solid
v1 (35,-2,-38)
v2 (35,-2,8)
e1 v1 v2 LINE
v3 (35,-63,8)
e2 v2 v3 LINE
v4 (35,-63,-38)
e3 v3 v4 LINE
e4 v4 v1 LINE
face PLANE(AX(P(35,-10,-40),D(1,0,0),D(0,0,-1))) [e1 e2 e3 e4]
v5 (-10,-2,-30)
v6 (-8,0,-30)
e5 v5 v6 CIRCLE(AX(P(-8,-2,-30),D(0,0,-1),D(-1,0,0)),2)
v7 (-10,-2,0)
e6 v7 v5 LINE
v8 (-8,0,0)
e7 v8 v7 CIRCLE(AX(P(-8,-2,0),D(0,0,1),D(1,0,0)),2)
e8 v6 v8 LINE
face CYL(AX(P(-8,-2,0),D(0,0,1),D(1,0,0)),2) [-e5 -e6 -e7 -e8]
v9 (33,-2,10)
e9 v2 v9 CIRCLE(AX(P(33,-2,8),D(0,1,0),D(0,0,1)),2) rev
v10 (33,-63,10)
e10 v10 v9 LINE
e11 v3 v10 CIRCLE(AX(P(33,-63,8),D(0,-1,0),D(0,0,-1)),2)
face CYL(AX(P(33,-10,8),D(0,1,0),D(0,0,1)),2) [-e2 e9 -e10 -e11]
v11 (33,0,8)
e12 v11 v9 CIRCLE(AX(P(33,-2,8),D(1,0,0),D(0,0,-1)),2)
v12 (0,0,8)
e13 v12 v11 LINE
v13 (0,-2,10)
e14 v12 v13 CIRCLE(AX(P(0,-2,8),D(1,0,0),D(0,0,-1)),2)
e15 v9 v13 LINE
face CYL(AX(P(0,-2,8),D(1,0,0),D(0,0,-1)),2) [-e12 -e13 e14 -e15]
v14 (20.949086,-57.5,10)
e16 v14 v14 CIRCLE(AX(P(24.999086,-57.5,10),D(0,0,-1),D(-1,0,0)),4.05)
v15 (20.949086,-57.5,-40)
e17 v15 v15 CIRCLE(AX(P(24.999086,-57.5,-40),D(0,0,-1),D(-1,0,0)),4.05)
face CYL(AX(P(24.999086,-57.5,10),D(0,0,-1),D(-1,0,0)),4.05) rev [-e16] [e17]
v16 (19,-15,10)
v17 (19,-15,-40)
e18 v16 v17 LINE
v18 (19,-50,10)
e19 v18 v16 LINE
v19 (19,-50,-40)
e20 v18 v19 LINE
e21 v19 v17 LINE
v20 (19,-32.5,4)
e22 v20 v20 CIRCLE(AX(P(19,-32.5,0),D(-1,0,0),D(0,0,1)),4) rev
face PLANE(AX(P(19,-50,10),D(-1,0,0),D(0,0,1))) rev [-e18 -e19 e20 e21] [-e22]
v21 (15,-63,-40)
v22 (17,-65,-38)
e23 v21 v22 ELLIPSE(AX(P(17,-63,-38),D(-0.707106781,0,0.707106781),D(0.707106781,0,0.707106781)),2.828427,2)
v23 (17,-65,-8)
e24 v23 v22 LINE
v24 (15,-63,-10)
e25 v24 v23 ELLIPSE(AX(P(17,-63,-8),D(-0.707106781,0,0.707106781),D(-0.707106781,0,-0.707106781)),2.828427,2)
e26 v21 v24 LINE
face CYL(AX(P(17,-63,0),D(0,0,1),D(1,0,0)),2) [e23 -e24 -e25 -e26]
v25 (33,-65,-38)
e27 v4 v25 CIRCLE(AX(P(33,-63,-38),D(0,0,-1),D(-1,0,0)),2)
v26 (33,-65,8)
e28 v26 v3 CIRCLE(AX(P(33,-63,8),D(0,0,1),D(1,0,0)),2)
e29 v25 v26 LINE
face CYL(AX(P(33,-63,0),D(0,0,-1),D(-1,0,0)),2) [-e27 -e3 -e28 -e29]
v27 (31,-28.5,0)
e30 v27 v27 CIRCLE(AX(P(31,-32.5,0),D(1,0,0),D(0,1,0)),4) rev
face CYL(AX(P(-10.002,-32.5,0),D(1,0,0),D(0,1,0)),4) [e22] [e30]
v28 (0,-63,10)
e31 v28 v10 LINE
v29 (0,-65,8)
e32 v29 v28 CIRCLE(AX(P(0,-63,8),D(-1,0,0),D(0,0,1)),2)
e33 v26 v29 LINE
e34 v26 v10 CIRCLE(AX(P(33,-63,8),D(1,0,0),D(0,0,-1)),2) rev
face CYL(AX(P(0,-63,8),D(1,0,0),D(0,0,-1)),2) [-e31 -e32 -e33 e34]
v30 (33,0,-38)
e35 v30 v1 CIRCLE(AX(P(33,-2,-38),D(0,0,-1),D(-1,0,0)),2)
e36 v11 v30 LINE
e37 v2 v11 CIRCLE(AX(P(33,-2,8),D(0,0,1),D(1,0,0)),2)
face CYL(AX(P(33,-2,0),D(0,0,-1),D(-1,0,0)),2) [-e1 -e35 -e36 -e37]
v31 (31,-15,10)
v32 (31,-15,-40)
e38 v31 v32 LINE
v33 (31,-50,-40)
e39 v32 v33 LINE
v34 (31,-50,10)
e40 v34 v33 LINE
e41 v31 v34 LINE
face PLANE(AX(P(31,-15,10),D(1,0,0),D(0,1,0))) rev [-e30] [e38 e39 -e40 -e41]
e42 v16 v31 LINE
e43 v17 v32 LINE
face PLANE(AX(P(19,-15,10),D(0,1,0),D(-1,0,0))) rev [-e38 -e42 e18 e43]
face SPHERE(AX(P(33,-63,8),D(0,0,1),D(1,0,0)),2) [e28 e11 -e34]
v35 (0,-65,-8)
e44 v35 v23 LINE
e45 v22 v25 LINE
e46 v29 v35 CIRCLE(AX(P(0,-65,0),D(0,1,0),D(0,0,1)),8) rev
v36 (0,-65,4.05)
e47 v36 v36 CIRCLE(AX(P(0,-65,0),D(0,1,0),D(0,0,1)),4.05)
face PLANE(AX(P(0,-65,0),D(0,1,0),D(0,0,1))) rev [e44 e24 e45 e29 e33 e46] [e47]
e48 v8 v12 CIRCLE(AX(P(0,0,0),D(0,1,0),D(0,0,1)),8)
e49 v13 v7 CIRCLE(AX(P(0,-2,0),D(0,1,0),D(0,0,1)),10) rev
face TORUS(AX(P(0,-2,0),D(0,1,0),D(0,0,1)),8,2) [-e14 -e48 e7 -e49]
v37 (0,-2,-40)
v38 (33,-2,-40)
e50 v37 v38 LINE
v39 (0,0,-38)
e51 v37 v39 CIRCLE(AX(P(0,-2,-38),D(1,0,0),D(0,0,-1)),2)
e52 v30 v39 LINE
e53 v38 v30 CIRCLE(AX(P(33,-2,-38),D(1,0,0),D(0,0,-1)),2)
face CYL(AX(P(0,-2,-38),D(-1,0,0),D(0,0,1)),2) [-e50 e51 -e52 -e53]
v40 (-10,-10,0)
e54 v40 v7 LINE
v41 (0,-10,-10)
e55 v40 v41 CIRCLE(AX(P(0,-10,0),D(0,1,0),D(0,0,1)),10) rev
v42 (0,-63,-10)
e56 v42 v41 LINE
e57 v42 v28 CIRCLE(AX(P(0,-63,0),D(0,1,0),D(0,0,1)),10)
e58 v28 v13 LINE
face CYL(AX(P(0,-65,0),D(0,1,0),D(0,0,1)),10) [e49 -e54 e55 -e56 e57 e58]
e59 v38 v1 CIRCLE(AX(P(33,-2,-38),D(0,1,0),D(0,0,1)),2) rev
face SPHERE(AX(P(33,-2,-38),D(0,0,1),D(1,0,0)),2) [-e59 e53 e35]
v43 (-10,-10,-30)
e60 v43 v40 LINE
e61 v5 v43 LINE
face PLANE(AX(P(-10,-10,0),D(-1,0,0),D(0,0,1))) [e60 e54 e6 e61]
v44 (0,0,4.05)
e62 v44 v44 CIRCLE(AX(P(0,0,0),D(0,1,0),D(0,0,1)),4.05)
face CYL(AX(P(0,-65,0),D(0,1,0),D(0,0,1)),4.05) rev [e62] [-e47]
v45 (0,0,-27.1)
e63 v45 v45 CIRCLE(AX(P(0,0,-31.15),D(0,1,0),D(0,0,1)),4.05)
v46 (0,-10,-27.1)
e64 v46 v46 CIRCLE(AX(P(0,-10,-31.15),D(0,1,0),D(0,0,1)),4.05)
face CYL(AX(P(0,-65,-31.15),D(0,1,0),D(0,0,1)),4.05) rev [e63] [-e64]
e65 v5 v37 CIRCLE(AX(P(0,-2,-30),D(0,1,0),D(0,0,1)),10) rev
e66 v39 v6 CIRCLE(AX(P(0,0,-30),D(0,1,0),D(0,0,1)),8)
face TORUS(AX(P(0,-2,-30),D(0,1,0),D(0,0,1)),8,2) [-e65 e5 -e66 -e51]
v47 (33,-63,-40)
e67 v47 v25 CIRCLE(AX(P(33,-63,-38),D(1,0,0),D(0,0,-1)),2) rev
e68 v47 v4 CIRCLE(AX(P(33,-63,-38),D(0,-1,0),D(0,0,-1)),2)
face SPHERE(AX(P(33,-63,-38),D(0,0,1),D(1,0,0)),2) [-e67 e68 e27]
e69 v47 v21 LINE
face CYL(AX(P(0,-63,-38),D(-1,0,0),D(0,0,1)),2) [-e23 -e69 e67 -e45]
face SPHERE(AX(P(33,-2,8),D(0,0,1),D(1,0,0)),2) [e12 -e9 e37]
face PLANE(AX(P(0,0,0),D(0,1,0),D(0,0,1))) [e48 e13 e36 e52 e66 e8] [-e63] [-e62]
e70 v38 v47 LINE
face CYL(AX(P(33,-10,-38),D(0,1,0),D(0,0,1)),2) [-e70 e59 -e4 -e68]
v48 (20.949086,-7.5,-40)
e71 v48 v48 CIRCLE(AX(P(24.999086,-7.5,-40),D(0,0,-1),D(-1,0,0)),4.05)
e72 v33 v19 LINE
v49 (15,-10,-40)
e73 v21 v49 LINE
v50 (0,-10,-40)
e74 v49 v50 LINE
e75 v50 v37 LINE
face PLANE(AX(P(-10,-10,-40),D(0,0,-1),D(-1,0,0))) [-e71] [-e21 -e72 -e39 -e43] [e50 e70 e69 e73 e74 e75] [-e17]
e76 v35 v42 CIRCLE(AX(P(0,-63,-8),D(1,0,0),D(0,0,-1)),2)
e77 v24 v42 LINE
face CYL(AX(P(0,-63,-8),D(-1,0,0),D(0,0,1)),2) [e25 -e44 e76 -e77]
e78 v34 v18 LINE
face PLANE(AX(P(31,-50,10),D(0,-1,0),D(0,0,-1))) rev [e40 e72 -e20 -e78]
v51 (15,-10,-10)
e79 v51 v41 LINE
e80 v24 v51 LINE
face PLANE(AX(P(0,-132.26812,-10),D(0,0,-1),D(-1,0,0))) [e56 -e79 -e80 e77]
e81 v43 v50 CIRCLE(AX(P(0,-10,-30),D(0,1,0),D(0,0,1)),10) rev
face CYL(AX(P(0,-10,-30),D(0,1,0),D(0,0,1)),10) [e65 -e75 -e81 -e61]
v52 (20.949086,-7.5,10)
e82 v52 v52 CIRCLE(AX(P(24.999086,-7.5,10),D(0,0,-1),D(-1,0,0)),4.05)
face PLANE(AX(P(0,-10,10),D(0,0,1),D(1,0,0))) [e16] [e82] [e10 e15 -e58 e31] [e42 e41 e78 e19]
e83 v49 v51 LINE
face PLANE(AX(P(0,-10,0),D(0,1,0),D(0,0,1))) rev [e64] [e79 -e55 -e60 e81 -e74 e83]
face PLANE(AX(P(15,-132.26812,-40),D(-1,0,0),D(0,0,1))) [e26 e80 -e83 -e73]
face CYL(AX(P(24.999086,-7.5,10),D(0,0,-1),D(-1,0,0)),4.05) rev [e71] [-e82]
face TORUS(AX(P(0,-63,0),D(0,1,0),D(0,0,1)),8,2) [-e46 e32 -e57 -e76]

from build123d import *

# Parameters (mm, degrees)
SKETCH1_R               = 10
BOSS_EXTRUDE1_DEPTH     = 65
BOSS_EXTRUDE2_DEPTH     = 10
BOSS_EXTRUDE3_DEPTH     = 65
SKETCH4_R               = 4.05
CUT_EXTRUDE1_DEPTH      = 84.964278119
FILLET1_R               = 10
FILLET2_R               = 2
CUT_EXTRUDE2_DEPTH      = 90.162772501
CUT_EXTRUDE2_DEPTH_BACK = 90.162772501
SKETCH6_R               = 4.05
SKETCH7_W               = 12
SKETCH7_H               = 35
CUT_EXTRUDE3_DEPTH      = 90.162772501
BOSS_EXTRUDE4_REACH     = 88.637
SKETCH8_R               = 4


with BuildPart() as part:
    # Sketch1 → Boss-Extrude1 (new body)
    with BuildSketch(Plane(origin=(0, 0, 0), x_dir=(1, 0, 0), z_dir=(0, 1, 0))):
        with Locations(Location((0, 0, 0), (0, 0, 270))):
            Circle(SKETCH1_R)
    extrude(amount=-BOSS_EXTRUDE1_DEPTH)

    # Sketch2 → Boss-Extrude2 (add)
    with BuildSketch(Plane(origin=(0, 0, 0), x_dir=(1, 0, 0), z_dir=(0, 1, 0))):
        with BuildLine():
            Line((0, -10), (35, -10))
            Line((35, -10), (35, 40))
            Line((35, 40), (-10, 40))
            Line((-10, 40), (-10, 0))
            ThreePointArc((-10, 0), (-7.071067812, -7.071067812), (0, -10))
        make_face()
    extrude(amount=-BOSS_EXTRUDE2_DEPTH)

    # Sketch3 → Boss-Extrude3 (add)
    with BuildSketch(Plane(origin=(0, 0, 0), x_dir=(1, 0, 0), z_dir=(0, 1, 0))):
        with BuildLine():
            Line((35, -10), (35, 40))
            Line((35, 40), (15, 40))
            Line((15, 40), (15, 10))
            Line((15, 10), (0, 10))
            ThreePointArc((0, 10), (-7.071067812, 7.071067812), (-10, 0))
            ThreePointArc((-10, 0), (-7.071067812, -7.071067812), (0, -10))
            Line((0, -10), (35, -10))
        make_face()
    extrude(amount=-BOSS_EXTRUDE3_DEPTH)

    # Sketch4 → Cut-Extrude1 (cut, through all)
    with BuildSketch(Plane(origin=(0, 0, 0), x_dir=(1, 0, 0), z_dir=(0, 1, 0))):
        with Locations(Location((0, 0, 0), (0, 0, 270))):
            Circle(SKETCH4_R)
        with Locations(Location((0, 31.15, 0), (0, 0, 270))):
            Circle(SKETCH4_R)
    extrude(amount=-CUT_EXTRUDE1_DEPTH, mode=Mode.SUBTRACT)

    # Fillet1
    fillet1_edges = [part.edges().sort_by_distance(p)[0] for p in [
        (-10, -5, -40),
    ]]
    fillet(fillet1_edges, radius=FILLET1_R)

    # Fillet2
    fillet2_edges = [part.edges().sort_by_distance(p)[0] for p in [
        (35, -32.5, 10),
        (17.5, 0, 10),
        (35, 0, -15),
        (17.5, 0, -40),
        (-10, -65, 0),
        (7.5, -65, -10),
        (15, -65, -25),
        (25, -65, -40),
        (35, -65, -15),
        (17.5, -65, 10),
        (-7.071067812, 0, 7.071067812),
        (-10, 0, -15),
        (-7.071067812, 0, -37.071067812),
        (35, -32.5, -40),
    ]]
    fillet(fillet2_edges, radius=FILLET2_R)

    # Sketch6 → Cut-Extrude2 (cut, two sides: drawn at the far end of the back side and taken through both)
    with BuildSketch(Plane(origin=(0, 0, -40), x_dir=(-1, 0, 0), z_dir=(0, 0, -1)).offset(-CUT_EXTRUDE2_DEPTH_BACK)):
        with Locations((-24.999085547, -7.5)):
            Circle(SKETCH6_R)
        with Locations((-24.999085547, -57.5)):
            Circle(SKETCH6_R)
    extrude(amount=CUT_EXTRUDE2_DEPTH + CUT_EXTRUDE2_DEPTH_BACK, mode=Mode.SUBTRACT)

    # Sketch7 → Cut-Extrude3 (cut, through all)
    with BuildSketch(Plane(origin=(0, 0, -40), x_dir=(-1, 0, 0), z_dir=(0, 0, -1))):
        with Locations((-25, -32.5)):
            Rectangle(SKETCH7_W, SKETCH7_H)
    extrude(amount=-CUT_EXTRUDE3_DEPTH, mode=Mode.SUBTRACT)

    # Sketch8 → Boss-Extrude4 (add, up to next)
    with BuildSketch(Plane.ZY.offset(-31), mode=Mode.PRIVATE) as boss_extrude4_sk1:
        with Locations(Location((0, -32.5, 0), (0, 0, 90))):
            Circle(SKETCH8_R)
    boss_extrude4_tool1 = extrude(boss_extrude4_sk1.sketch, amount=BOSS_EXTRUDE4_REACH, mode=Mode.PRIVATE) - part.part
    add(boss_extrude4_tool1.solids().sort_by_distance((31, -32.5, 0))[0])


solid = part.part
